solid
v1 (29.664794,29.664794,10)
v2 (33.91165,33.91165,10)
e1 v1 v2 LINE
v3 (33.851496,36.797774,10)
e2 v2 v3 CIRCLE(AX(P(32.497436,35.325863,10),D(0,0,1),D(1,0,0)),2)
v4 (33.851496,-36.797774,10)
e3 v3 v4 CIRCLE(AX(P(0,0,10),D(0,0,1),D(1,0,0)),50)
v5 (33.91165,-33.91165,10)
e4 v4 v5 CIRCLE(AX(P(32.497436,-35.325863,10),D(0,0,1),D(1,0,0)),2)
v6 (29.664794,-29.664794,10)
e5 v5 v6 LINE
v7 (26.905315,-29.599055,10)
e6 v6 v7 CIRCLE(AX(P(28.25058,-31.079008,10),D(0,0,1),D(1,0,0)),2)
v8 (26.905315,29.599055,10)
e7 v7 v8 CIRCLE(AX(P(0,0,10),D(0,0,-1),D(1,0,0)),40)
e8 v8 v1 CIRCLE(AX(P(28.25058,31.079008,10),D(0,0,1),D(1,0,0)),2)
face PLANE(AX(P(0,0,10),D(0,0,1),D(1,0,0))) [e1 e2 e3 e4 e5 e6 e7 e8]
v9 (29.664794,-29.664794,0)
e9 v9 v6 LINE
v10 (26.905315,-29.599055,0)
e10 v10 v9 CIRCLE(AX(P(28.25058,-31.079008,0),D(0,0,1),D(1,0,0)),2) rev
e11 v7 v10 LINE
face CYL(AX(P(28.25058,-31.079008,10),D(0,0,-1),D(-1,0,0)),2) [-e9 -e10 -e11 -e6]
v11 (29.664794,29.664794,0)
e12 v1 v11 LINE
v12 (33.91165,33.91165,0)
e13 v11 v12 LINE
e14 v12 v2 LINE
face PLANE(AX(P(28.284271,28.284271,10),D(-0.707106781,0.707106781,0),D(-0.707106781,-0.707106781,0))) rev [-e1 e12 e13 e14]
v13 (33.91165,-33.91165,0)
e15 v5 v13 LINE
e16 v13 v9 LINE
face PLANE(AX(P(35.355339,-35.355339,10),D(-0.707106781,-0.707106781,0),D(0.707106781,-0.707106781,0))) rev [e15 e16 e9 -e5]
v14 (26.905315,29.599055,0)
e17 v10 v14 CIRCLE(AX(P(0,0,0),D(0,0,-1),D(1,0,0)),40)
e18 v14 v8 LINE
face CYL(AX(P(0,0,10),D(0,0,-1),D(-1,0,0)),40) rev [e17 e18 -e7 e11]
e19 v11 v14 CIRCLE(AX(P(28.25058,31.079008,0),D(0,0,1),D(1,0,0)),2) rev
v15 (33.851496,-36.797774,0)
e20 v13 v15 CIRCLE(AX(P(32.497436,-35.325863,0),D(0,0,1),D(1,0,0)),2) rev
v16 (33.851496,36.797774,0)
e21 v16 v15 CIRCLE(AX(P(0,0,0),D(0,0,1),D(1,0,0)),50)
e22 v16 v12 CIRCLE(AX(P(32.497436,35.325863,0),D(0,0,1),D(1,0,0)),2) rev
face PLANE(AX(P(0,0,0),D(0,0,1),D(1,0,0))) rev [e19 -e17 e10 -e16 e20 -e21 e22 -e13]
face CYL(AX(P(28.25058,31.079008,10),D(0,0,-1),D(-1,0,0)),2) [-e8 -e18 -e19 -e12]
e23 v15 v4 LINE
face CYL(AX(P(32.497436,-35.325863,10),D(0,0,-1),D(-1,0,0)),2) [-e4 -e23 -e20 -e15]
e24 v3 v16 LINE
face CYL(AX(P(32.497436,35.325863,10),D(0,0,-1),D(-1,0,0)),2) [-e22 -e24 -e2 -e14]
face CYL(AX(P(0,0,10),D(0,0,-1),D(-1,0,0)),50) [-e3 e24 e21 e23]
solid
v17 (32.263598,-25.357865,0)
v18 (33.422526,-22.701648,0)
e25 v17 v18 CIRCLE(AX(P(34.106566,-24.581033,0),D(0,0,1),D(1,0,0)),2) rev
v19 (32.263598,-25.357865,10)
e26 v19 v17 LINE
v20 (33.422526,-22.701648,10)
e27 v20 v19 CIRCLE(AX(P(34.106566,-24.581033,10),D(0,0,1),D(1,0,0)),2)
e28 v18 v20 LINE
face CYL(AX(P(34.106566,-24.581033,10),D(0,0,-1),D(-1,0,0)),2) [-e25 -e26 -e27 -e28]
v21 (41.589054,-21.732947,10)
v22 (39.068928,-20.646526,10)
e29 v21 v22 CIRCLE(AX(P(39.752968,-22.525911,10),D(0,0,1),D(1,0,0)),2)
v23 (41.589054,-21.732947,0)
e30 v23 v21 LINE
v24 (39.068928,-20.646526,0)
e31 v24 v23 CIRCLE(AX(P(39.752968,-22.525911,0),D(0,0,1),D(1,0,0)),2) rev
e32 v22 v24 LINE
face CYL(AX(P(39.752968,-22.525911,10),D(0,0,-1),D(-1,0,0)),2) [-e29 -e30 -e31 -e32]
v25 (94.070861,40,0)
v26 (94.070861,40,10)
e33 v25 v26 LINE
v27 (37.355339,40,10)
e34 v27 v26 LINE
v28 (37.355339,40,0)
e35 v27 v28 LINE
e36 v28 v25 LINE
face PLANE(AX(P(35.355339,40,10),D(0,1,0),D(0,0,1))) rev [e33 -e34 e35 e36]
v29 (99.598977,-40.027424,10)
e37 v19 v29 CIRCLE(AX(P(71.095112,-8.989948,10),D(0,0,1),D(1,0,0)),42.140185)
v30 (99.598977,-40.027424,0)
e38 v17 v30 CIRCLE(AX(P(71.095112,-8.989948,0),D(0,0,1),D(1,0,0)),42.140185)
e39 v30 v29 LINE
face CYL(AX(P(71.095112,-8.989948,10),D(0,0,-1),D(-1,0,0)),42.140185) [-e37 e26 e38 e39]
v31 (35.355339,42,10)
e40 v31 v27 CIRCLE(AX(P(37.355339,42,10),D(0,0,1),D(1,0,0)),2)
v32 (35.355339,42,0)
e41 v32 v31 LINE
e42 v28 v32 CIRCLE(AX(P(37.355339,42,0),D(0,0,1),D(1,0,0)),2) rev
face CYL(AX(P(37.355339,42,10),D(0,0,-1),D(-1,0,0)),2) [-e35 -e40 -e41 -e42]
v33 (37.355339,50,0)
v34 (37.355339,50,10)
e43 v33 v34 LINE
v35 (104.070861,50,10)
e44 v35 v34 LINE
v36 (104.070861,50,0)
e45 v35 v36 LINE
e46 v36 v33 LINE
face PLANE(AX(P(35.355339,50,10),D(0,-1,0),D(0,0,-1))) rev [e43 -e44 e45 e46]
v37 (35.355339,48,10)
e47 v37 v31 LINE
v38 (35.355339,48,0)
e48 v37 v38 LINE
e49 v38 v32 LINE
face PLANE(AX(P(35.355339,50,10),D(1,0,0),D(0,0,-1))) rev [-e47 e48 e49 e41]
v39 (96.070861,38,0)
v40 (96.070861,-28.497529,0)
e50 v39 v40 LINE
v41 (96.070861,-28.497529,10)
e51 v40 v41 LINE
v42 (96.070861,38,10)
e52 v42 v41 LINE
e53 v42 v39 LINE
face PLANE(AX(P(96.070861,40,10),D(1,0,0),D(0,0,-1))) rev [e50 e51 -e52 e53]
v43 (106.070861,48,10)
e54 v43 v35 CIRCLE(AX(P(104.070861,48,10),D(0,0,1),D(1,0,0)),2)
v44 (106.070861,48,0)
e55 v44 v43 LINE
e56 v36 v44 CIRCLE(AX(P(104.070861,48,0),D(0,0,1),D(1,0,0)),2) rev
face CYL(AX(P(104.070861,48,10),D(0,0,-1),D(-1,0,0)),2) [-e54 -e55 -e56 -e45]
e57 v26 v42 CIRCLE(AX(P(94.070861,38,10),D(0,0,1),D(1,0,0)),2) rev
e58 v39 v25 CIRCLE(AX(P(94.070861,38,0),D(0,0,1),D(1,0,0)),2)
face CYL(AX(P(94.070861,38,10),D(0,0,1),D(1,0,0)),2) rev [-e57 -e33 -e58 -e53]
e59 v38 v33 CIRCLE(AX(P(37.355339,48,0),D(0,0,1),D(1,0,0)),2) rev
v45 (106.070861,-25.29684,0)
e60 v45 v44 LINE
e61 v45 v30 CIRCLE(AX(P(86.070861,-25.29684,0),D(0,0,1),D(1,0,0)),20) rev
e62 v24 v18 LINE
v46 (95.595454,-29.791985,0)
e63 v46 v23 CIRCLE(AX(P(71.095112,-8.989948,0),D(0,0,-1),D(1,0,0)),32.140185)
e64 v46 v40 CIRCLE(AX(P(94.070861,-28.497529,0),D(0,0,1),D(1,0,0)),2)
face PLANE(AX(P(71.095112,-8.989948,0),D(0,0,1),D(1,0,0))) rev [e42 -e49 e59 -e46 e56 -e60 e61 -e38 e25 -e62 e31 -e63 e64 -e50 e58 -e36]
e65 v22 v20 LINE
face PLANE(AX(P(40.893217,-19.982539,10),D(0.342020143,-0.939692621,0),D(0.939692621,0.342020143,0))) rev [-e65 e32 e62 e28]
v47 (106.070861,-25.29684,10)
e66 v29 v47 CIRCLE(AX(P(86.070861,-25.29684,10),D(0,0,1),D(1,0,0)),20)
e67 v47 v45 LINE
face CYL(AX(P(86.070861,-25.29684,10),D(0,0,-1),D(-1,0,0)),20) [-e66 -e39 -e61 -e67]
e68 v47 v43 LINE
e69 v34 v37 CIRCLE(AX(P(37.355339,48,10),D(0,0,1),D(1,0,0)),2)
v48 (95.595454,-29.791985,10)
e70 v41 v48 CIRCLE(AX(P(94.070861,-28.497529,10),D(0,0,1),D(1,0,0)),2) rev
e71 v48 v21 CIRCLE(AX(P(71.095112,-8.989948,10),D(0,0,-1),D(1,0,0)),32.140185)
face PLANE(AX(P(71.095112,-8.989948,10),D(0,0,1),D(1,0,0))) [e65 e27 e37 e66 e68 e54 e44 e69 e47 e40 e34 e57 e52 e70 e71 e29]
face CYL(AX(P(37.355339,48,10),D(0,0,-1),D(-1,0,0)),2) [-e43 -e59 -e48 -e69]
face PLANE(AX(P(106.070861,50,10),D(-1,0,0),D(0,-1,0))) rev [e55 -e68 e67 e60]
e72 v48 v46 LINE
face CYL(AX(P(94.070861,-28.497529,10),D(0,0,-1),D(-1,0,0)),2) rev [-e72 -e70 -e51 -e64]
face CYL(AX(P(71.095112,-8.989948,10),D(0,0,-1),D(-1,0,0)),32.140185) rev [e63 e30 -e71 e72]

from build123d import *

# Parameters (mm, degrees)
SALIENTE_EXTRUIR1_DEPTH   = 10
SALIENTE_EXTRUIR1_2_DEPTH = 10
REDONDEO1_R               = 20
REDONDEO4_R               = 2
REDONDEO5_R               = 2
REDONDEO6_R               = 2


with BuildPart() as part:
    # Croquis1 → Saliente-Extruir1 (new body)
    with BuildSketch(Plane.XY):
        with BuildLine():
            Line((35.355339059, -35.355339059), (28.284271247, -28.284271247))
            ThreePointArc((28.284271247, -28.284271247), (-40, 0), (28.284271247, 28.284271247))
            Line((28.284271247, 28.284271247), (35.355339059, 35.355339059))
            ThreePointArc((35.355339059, 35.355339059), (-50, 0), (35.355339059, -35.355339059))
        make_face()
    extrude(amount=SALIENTE_EXTRUIR1_DEPTH)

    # Redondeo6
    redondeo6_edges = [part.edges().sort_by_distance(p)[0] for p in [
        (28.284271247, -28.284271247, 5),
        (35.355339059, -35.355339059, 5),
        (35.355339059, 35.355339059, 5),
        (28.284271247, 28.284271247, 5),
    ]]
    fillet(redondeo6_edges, radius=REDONDEO6_R)


with BuildPart() as body_2:
    # Croquis1 → Saliente-Extruir1 2 (new body)
    with BuildSketch(Plane.XY):
        with BuildLine():
            Line((35.355339059, 50), (106.070861158, 50))
            Line((106.070861158, 50), (106.070861158, -32.495099916))
            ThreePointArc((106.070861158, -32.495099916), (65.995018822, -50.82037074), (31.496290842, -23.402740327))
            Line((31.496290842, -23.402740327), (40.89321705, -19.982538894))
            ThreePointArc((40.89321705, -19.982538894), (65.788989313, -40.6891053), (96.070861158, -29.218725775))
            Line((96.070861158, -29.218725775), (96.070861158, 40))
            Line((96.070861158, 40), (35.355339059, 40))
            Line((35.355339059, 40), (35.355339059, 50))
        make_face()
    extrude(amount=SALIENTE_EXTRUIR1_2_DEPTH)

    # Redondeo1
    redondeo1_edges = [body_2.edges().sort_by_distance(p)[0] for p in [
        (106.070861158, -32.495099916, 5),
    ]]
    fillet(redondeo1_edges, radius=REDONDEO1_R)

    # Redondeo4
    redondeo4_edges = [body_2.edges().sort_by_distance(p)[0] for p in [
        (106.070861158, 50, 5),
    ]]
    fillet(redondeo4_edges, radius=REDONDEO4_R)

    # Redondeo5
    redondeo5_edges = [body_2.edges().sort_by_distance(p)[0] for p in [
        (31.496290842, -23.402740327, 5),
        (40.89321705, -19.982538894, 5),
        (96.070861158, -29.218725775, 5),
        (96.070861158, 40, 5),
        (35.355339059, 40, 5),
        (35.355339059, 50, 5),
    ]]
    fillet(redondeo5_edges, radius=REDONDEO5_R)


solid = Compound([part.part, body_2.part])
